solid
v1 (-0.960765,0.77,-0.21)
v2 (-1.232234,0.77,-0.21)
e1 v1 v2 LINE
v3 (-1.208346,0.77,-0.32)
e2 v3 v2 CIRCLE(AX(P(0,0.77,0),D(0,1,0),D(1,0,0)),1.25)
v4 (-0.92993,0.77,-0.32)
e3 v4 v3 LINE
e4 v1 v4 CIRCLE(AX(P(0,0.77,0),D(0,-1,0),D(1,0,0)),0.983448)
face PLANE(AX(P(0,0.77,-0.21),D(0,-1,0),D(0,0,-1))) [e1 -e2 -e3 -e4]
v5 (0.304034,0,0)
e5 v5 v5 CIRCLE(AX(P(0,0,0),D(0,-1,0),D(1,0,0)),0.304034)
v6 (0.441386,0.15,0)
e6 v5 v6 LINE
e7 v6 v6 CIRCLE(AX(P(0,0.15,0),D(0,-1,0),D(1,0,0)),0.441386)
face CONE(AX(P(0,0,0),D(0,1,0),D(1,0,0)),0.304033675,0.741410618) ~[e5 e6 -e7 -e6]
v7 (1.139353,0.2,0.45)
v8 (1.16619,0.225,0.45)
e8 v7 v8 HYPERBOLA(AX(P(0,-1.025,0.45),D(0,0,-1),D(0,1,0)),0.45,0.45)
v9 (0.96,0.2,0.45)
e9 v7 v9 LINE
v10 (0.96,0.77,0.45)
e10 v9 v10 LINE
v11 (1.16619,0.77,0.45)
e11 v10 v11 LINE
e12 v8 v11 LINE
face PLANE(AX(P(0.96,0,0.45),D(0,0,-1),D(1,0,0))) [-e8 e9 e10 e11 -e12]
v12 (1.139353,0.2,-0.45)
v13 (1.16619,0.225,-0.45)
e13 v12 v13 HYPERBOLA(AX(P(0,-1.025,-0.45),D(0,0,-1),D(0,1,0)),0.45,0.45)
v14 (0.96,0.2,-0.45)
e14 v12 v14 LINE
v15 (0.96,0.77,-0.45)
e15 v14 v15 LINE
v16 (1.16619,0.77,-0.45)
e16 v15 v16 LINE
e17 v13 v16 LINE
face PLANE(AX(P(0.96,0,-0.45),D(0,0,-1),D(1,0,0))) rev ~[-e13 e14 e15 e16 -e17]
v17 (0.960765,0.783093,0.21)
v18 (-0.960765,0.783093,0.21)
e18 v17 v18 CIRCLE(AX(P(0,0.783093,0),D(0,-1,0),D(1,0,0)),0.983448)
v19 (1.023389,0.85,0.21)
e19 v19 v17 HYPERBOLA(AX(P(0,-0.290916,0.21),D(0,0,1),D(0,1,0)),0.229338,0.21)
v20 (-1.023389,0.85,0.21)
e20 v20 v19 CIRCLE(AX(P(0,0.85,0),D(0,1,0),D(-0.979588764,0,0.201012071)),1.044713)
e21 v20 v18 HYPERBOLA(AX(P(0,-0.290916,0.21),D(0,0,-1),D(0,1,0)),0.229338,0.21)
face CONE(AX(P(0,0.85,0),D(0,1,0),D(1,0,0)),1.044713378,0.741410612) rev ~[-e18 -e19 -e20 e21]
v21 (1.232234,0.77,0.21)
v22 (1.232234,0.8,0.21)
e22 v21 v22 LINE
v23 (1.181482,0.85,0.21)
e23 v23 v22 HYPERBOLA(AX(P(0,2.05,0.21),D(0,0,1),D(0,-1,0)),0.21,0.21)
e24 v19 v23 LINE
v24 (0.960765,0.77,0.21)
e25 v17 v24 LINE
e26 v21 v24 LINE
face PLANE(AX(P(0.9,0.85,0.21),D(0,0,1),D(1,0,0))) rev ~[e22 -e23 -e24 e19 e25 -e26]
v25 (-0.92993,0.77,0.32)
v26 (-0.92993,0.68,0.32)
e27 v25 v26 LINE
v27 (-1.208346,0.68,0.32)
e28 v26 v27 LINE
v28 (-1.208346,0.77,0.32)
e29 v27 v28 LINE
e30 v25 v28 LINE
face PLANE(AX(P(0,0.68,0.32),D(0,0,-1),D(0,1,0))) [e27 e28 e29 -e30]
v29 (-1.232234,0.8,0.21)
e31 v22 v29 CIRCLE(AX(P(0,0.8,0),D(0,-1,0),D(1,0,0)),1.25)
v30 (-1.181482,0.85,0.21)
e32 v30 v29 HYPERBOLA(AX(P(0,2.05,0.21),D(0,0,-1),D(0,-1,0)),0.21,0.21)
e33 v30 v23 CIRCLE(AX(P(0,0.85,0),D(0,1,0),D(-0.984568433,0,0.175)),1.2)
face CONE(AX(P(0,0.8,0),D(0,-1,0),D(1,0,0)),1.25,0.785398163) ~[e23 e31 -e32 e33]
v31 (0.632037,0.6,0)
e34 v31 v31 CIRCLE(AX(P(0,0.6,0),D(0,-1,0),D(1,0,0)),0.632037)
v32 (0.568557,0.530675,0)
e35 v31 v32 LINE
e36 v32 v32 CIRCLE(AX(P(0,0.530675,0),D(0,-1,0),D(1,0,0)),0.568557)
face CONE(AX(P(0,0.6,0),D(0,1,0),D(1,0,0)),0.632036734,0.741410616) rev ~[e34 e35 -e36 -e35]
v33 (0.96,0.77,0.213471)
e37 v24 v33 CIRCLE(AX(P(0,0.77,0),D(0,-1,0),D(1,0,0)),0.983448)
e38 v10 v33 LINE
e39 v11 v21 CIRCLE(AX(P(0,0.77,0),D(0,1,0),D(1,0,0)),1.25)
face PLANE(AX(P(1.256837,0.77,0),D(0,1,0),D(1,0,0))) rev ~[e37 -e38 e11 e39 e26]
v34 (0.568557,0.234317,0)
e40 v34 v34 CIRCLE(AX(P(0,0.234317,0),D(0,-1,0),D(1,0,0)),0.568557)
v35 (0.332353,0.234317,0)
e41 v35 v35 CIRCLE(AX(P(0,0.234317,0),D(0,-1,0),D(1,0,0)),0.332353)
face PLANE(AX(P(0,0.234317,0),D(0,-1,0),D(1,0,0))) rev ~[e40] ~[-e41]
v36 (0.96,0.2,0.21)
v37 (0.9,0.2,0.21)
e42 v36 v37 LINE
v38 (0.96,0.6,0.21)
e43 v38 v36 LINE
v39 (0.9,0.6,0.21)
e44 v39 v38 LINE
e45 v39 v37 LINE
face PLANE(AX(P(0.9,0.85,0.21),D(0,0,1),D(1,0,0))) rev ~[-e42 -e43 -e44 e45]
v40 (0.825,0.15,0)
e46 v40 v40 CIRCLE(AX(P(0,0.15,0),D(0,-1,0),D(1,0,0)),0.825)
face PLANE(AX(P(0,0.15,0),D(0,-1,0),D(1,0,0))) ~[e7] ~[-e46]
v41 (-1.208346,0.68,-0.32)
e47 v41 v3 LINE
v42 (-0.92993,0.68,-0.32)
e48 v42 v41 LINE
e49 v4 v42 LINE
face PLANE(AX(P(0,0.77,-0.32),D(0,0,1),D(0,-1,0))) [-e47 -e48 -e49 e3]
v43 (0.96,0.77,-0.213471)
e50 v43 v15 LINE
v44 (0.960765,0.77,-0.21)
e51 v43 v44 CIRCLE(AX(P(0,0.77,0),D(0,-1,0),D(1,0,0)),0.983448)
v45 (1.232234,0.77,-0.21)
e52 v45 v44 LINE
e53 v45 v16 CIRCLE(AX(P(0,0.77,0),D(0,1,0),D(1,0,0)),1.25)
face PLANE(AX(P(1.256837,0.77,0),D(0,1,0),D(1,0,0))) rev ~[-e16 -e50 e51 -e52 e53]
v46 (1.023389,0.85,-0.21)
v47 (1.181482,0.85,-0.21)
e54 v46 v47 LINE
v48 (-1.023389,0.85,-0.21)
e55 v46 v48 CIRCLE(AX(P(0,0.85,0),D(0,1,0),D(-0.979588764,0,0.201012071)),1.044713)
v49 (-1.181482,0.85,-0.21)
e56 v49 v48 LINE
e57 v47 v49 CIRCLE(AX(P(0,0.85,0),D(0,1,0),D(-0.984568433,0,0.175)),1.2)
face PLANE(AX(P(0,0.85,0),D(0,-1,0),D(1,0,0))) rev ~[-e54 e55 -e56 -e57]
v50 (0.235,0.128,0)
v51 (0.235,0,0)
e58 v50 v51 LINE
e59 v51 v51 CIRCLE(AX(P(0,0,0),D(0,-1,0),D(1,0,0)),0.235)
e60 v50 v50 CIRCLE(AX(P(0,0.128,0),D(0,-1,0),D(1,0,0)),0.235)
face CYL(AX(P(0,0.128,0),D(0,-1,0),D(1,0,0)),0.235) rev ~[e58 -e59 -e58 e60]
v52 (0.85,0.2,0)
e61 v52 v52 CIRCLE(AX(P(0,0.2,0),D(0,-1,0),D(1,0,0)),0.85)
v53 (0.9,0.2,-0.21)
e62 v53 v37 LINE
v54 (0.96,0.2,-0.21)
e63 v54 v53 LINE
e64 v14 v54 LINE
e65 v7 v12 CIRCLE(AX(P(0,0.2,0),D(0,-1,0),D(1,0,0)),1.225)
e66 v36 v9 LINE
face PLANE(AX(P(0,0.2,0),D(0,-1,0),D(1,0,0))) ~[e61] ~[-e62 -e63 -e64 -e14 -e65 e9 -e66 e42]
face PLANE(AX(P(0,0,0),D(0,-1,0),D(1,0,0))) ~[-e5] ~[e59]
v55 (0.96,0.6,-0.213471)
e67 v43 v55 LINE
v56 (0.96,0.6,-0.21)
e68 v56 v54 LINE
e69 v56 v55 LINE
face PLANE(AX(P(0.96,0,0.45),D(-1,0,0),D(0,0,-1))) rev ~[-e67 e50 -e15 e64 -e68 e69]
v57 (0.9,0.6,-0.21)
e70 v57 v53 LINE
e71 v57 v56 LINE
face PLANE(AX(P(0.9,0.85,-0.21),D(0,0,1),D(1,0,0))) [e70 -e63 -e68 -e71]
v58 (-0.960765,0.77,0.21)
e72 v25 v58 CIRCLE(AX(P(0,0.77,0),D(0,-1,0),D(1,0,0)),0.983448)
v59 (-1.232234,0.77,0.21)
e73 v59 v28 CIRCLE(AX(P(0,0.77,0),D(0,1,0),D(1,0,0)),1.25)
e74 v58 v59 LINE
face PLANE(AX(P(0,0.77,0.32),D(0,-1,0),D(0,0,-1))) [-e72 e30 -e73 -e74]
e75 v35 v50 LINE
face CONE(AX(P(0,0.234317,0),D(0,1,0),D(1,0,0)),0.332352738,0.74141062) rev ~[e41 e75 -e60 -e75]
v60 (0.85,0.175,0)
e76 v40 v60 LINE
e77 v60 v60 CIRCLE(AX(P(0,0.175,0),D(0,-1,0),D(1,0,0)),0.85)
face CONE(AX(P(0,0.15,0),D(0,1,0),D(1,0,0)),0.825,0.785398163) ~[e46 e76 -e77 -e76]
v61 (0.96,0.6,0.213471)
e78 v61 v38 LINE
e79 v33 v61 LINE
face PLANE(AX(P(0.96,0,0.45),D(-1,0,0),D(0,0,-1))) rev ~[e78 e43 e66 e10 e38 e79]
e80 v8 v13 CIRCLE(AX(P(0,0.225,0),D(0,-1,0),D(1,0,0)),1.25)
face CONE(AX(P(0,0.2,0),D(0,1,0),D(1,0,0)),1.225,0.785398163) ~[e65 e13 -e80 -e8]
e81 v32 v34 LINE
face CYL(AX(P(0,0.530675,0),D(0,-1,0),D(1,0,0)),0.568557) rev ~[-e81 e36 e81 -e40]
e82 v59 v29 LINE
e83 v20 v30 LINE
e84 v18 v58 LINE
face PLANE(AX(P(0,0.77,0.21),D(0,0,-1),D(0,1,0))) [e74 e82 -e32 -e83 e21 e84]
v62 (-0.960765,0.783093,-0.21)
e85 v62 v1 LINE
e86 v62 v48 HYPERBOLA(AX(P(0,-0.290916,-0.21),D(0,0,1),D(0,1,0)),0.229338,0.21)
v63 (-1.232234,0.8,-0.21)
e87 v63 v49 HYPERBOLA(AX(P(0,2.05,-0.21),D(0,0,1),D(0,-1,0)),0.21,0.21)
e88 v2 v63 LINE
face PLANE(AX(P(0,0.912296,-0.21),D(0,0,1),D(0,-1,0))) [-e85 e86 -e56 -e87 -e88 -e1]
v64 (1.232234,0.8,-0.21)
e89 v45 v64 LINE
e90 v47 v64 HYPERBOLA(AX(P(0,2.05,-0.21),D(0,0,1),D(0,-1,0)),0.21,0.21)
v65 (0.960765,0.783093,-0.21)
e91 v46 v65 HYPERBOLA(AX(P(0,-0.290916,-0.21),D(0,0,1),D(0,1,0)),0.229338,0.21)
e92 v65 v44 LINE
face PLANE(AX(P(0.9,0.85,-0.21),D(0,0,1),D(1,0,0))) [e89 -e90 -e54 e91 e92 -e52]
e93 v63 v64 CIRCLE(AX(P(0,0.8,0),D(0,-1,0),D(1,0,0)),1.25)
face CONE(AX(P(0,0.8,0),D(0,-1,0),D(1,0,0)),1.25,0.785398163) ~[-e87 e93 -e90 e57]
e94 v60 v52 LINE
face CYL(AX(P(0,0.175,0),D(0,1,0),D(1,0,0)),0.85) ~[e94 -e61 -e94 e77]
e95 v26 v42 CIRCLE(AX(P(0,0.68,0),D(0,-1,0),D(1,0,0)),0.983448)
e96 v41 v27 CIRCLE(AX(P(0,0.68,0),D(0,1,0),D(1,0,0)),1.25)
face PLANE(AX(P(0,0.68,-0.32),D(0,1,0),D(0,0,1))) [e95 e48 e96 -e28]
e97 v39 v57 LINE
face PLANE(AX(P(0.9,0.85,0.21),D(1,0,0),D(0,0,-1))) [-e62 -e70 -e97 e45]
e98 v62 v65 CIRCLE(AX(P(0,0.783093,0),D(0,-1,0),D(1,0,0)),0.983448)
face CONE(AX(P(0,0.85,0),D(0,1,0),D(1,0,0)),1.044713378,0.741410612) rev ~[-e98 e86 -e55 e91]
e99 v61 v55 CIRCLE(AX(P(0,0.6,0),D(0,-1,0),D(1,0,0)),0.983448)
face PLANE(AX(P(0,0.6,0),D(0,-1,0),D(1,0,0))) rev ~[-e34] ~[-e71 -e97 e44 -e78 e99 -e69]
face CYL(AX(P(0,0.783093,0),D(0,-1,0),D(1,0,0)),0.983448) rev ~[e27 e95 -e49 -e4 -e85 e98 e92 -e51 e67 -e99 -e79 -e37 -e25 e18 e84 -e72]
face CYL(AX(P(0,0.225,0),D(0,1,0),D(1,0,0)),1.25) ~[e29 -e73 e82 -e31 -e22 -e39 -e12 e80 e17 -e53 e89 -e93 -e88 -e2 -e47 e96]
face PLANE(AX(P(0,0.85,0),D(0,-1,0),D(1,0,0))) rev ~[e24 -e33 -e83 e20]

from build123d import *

# Parameters (mm, degrees)
CUT_EXTRUDE1_REACH = 3.25
CUT_EXTRUDE3_REACH = 2.85
SKETCH4_W          = 0.5796936
SKETCH4_H          = 0.42
SKETCH5_W          = 0.593674822
SKETCH5_H          = 0.9
CUT_EXTRUDE4_DEPTH = 0.77


with BuildPart() as part:
    # Sketch1 → Revolve1 (revolve)
    with BuildSketch(Plane.XY):
        Polygon((0.332352738, 0.234317473), (0.235, 0.128), (0.235, 0), (0.304033675, 0), (0.44138561, 0.15), (0.825, 0.15), (0.85, 0.175), (0.85, 0.2), (1.225, 0.2), (1.25, 0.225), (1.25, 0.8), (1.2, 0.85), (1.044713378, 0.85), (0.983447962, 0.783092952), (0.983447962, 0.6), (0.632036734, 0.6), (0.568557305, 0.530675062), (0.568557305, 0.234317473), align=None)
    revolve(axis=Axis((0, 0.85, 0), (0, -1, 0)))

    # Sketch2 → Cut-Extrude1 (cut, up to next)
    with BuildSketch(Plane(origin=(0, 0, 0), x_dir=(0, 0, -1), z_dir=(1, 0, 0)), mode=Mode.PRIVATE) as cut_extrude1_sk1:
        Polygon((0.21, 0.912296329), (0.21, 0.77), (0.32, 0.77), (0.32, 0.68), (-0.32, 0.68), (-0.32, 0.77), (-0.21, 0.77), (-0.21, 0.912296329), align=None)
    cut_extrude1_tool1 = extrude(cut_extrude1_sk1.sketch, amount=-CUT_EXTRUDE1_REACH, mode=Mode.PRIVATE) & part.part
    add(cut_extrude1_tool1.solids().sort_by_distance((0, 0.784145, 0))[0], mode=Mode.SUBTRACT)

    # Sketch4 → Cut-Extrude3 (cut, up to next)
    with BuildSketch(Plane(origin=(0, 0.85, 0), x_dir=(1, 0, 0), z_dir=(0, 1, 0)), mode=Mode.PRIVATE) as cut_extrude3_sk1:
        with Locations((1.1898468, 0)):
            Rectangle(SKETCH4_W, SKETCH4_H)
    cut_extrude3_tool1 = extrude(cut_extrude3_sk1.sketch, amount=-CUT_EXTRUDE3_REACH, mode=Mode.PRIVATE) & part.part
    add(cut_extrude3_tool1.solids().sort_by_distance((1.189847, 0.85, 0))[0], mode=Mode.SUBTRACT)

    # Sketch5 → Cut-Extrude4 (cut)
    with BuildSketch(Plane(origin=(0, 0, 0), x_dir=(1, 0, 0), z_dir=(0, 1, 0))):
        with Locations((1.256837411, 0)):
            Rectangle(SKETCH5_W, SKETCH5_H)
    extrude(amount=CUT_EXTRUDE4_DEPTH, mode=Mode.SUBTRACT)


solid = part.part
